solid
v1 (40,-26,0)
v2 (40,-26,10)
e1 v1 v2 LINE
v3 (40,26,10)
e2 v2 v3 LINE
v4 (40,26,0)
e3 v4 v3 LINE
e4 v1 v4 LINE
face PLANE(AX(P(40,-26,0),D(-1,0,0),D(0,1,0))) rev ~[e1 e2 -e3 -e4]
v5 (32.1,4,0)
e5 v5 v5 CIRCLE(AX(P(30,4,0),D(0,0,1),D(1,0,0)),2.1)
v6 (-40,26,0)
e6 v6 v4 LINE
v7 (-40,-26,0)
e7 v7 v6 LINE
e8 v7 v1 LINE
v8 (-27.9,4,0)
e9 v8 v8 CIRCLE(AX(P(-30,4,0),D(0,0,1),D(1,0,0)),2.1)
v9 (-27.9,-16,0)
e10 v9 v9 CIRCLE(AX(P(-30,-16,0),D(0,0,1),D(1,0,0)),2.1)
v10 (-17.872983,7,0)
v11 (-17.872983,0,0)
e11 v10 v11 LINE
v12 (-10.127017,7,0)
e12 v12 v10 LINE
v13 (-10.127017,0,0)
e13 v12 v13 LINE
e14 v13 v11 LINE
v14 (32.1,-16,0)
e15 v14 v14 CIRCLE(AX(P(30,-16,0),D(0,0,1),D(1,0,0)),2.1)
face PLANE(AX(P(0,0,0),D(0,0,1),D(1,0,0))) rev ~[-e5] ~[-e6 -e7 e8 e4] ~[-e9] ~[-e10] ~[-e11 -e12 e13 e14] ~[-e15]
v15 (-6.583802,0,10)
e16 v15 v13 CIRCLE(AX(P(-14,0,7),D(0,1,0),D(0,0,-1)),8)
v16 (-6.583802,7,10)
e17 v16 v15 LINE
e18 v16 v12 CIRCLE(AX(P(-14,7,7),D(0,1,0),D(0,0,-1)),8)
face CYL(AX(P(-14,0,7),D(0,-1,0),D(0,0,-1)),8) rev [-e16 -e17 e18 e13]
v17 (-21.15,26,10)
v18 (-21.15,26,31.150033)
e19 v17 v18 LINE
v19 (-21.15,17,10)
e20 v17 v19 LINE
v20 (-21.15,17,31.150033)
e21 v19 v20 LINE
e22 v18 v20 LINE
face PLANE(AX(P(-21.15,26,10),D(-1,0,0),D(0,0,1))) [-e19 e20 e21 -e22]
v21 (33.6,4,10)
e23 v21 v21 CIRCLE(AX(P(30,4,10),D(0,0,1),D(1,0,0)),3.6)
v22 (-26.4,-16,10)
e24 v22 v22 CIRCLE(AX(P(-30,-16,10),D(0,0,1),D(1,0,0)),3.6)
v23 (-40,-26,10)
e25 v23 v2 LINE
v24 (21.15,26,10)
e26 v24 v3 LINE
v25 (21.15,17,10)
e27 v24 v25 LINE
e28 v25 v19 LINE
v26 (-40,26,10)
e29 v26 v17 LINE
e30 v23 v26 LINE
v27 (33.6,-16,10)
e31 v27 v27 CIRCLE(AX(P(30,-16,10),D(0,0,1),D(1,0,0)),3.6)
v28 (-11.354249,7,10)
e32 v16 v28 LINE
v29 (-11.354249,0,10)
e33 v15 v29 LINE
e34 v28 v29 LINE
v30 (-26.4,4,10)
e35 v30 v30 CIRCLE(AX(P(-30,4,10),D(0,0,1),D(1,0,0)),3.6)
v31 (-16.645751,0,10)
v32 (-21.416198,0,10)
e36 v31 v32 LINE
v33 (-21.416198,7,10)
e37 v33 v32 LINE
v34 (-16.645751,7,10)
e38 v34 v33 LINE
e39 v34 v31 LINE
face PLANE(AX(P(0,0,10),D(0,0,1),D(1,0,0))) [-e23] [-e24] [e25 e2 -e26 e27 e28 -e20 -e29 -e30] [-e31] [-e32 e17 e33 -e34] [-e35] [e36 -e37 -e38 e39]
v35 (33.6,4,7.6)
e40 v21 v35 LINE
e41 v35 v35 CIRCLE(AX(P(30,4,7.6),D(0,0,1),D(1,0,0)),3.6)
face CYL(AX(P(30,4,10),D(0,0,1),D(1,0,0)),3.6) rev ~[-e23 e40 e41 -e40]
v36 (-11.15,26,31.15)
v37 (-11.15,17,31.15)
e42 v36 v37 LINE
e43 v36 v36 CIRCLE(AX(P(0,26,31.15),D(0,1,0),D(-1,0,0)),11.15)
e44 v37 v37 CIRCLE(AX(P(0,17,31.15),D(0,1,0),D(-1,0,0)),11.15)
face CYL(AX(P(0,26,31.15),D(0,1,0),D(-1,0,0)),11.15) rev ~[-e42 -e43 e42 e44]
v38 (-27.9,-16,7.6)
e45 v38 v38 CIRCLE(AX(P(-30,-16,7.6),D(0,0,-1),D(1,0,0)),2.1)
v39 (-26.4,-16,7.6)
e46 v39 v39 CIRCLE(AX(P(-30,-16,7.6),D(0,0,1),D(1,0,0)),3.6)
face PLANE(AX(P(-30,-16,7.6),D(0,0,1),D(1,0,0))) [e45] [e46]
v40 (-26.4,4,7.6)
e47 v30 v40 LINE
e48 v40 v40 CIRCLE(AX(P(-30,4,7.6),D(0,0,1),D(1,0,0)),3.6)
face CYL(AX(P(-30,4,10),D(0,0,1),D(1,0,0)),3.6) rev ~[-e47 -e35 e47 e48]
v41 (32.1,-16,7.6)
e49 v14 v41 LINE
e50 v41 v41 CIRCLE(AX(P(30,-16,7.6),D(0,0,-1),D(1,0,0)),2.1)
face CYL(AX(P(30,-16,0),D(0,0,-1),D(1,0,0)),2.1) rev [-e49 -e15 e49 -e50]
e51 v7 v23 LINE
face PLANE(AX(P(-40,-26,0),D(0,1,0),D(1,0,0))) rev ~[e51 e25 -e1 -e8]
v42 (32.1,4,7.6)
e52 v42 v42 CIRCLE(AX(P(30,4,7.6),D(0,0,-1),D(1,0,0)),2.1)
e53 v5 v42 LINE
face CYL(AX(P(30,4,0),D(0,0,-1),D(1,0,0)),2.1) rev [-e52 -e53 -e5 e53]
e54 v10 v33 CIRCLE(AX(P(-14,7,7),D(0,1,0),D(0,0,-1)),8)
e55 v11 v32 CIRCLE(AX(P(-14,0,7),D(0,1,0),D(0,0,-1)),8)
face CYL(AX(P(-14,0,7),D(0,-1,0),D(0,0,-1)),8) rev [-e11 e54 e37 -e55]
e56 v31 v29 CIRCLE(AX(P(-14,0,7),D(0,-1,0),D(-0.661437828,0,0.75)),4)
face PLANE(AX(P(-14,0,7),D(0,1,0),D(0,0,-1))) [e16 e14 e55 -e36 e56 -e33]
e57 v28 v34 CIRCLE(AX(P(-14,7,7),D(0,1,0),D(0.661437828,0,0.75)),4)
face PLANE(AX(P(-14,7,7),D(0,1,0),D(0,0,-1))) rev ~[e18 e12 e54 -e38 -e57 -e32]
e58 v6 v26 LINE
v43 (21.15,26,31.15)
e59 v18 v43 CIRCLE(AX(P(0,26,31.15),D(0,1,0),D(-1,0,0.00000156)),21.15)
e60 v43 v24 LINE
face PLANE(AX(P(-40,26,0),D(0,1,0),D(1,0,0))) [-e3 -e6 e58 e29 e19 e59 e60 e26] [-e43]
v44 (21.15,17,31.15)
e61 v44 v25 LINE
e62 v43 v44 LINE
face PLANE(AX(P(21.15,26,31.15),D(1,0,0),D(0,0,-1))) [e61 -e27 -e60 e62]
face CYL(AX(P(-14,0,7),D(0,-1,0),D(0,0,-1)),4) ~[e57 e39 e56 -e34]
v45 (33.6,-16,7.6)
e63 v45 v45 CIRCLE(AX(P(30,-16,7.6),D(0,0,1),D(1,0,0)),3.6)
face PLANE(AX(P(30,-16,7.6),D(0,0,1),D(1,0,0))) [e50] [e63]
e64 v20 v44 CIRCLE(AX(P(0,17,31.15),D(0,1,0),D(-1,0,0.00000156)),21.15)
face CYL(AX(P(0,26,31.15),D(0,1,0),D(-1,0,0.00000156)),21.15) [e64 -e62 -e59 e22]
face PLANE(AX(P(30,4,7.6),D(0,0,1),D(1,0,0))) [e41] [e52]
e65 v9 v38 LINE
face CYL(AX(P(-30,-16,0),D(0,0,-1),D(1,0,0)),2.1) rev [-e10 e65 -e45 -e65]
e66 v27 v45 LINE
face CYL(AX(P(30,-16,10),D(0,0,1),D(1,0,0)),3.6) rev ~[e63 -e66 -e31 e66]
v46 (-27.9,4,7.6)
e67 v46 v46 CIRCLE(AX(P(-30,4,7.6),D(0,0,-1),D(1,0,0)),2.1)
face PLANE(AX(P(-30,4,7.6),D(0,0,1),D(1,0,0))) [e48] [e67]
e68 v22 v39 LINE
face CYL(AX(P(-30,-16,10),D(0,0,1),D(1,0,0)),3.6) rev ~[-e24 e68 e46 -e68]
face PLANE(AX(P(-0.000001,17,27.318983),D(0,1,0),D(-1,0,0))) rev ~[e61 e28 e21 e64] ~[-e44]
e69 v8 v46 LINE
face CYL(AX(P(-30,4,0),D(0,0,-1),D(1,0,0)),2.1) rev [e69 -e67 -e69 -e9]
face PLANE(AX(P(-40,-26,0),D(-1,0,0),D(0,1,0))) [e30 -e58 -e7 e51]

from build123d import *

# Parameters (mm, degrees)
CYLINDER001_R       = 4
CYLINDER001_DEPTH   = 10
CYLINDER_R          = 8
CYLINDER_DEPTH      = 7
CUT_PITCH_ANGLE     = 90
CUT_PLACEMENT_ANGLE = 90
SKETCH_W            = 80
SKETCH_H            = 52
SKETCH_R            = 2.1
PAD_DEPTH           = 10
SKETCH009_R         = 11.15
PAD001_DEPTH        = 9
SKETCH010_R         = 3.6
POCKET_DEPTH        = 2.4


with BuildPart() as zylinder001:
    # Cylinder001 → Cylinder001 (new body)
    with BuildSketch(Plane.XY):
        Circle(CYLINDER001_R)
    extrude(amount=CYLINDER001_DEPTH)


with BuildPart() as cut:
    # Cylinder → Cylinder (new body)
    with BuildSketch(Plane.XY):
        Circle(CYLINDER_R)
    extrude(amount=CYLINDER_DEPTH)

    # Cut: cut Zylinder001
    add(zylinder001.part, mode=Mode.SUBTRACT)


with BuildPart() as cut_1:
    # Cut pitch: moved
    add(cut.part.rotate(Axis((0, 0, 0), (0, 1, 0)), CUT_PITCH_ANGLE))


with BuildPart() as cut_2:
    # Cut placement: moved
    add(cut_1.part.moved(Location((-14, 0, 7))).rotate(Axis((-14, 0, 7), (0, 0, 1)), CUT_PLACEMENT_ANGLE))


with BuildPart() as pocket:
    # Sketch → Pad (new body)
    with BuildSketch(Plane.XY):
        Rectangle(SKETCH_W, SKETCH_H)
        with Locations((-30, -16)):
            Circle(SKETCH_R, mode=Mode.SUBTRACT)
        with Locations((-30, 4)):
            Circle(SKETCH_R, mode=Mode.SUBTRACT)
        with Locations((30, 4)):
            Circle(SKETCH_R, mode=Mode.SUBTRACT)
        with Locations((30, -16)):
            Circle(SKETCH_R, mode=Mode.SUBTRACT)
    extrude(amount=PAD_DEPTH)

    # Sketch009 → Pad001 (new body)
    with BuildSketch(Plane(origin=(0, 26, 0), x_dir=(-1, 0, 0), z_dir=(0, 1, 0))):
        with BuildLine():
            ThreePointArc((21.15, 31.150033), (-1.7e-05, 52.3), (-21.15, 31.15))
            Line((-21.15, 31.15), (-21.15, 10))
            Line((-21.15, 10), (21.15, 10))
            Line((21.15, 10), (21.15, 31.150033))
        make_face()
        with Locations((0, 31.15)):
            Circle(SKETCH009_R, mode=Mode.SUBTRACT)
    extrude(amount=-PAD001_DEPTH)

    # Cut001: cut Cut
    add(cut_2.part, mode=Mode.SUBTRACT)

    # Sketch010 → Pocket (cut)
    with BuildSketch(Plane.XY.offset(10)):
        with Locations((-30, 4)):
            Circle(SKETCH010_R)
        with Locations((-30, -16)):
            Circle(SKETCH010_R)
        with Locations((30, -16)):
            Circle(SKETCH010_R)
        with Locations((30, 4)):
            Circle(SKETCH010_R)
    extrude(amount=-POCKET_DEPTH, mode=Mode.SUBTRACT)


solid = pocket.part
